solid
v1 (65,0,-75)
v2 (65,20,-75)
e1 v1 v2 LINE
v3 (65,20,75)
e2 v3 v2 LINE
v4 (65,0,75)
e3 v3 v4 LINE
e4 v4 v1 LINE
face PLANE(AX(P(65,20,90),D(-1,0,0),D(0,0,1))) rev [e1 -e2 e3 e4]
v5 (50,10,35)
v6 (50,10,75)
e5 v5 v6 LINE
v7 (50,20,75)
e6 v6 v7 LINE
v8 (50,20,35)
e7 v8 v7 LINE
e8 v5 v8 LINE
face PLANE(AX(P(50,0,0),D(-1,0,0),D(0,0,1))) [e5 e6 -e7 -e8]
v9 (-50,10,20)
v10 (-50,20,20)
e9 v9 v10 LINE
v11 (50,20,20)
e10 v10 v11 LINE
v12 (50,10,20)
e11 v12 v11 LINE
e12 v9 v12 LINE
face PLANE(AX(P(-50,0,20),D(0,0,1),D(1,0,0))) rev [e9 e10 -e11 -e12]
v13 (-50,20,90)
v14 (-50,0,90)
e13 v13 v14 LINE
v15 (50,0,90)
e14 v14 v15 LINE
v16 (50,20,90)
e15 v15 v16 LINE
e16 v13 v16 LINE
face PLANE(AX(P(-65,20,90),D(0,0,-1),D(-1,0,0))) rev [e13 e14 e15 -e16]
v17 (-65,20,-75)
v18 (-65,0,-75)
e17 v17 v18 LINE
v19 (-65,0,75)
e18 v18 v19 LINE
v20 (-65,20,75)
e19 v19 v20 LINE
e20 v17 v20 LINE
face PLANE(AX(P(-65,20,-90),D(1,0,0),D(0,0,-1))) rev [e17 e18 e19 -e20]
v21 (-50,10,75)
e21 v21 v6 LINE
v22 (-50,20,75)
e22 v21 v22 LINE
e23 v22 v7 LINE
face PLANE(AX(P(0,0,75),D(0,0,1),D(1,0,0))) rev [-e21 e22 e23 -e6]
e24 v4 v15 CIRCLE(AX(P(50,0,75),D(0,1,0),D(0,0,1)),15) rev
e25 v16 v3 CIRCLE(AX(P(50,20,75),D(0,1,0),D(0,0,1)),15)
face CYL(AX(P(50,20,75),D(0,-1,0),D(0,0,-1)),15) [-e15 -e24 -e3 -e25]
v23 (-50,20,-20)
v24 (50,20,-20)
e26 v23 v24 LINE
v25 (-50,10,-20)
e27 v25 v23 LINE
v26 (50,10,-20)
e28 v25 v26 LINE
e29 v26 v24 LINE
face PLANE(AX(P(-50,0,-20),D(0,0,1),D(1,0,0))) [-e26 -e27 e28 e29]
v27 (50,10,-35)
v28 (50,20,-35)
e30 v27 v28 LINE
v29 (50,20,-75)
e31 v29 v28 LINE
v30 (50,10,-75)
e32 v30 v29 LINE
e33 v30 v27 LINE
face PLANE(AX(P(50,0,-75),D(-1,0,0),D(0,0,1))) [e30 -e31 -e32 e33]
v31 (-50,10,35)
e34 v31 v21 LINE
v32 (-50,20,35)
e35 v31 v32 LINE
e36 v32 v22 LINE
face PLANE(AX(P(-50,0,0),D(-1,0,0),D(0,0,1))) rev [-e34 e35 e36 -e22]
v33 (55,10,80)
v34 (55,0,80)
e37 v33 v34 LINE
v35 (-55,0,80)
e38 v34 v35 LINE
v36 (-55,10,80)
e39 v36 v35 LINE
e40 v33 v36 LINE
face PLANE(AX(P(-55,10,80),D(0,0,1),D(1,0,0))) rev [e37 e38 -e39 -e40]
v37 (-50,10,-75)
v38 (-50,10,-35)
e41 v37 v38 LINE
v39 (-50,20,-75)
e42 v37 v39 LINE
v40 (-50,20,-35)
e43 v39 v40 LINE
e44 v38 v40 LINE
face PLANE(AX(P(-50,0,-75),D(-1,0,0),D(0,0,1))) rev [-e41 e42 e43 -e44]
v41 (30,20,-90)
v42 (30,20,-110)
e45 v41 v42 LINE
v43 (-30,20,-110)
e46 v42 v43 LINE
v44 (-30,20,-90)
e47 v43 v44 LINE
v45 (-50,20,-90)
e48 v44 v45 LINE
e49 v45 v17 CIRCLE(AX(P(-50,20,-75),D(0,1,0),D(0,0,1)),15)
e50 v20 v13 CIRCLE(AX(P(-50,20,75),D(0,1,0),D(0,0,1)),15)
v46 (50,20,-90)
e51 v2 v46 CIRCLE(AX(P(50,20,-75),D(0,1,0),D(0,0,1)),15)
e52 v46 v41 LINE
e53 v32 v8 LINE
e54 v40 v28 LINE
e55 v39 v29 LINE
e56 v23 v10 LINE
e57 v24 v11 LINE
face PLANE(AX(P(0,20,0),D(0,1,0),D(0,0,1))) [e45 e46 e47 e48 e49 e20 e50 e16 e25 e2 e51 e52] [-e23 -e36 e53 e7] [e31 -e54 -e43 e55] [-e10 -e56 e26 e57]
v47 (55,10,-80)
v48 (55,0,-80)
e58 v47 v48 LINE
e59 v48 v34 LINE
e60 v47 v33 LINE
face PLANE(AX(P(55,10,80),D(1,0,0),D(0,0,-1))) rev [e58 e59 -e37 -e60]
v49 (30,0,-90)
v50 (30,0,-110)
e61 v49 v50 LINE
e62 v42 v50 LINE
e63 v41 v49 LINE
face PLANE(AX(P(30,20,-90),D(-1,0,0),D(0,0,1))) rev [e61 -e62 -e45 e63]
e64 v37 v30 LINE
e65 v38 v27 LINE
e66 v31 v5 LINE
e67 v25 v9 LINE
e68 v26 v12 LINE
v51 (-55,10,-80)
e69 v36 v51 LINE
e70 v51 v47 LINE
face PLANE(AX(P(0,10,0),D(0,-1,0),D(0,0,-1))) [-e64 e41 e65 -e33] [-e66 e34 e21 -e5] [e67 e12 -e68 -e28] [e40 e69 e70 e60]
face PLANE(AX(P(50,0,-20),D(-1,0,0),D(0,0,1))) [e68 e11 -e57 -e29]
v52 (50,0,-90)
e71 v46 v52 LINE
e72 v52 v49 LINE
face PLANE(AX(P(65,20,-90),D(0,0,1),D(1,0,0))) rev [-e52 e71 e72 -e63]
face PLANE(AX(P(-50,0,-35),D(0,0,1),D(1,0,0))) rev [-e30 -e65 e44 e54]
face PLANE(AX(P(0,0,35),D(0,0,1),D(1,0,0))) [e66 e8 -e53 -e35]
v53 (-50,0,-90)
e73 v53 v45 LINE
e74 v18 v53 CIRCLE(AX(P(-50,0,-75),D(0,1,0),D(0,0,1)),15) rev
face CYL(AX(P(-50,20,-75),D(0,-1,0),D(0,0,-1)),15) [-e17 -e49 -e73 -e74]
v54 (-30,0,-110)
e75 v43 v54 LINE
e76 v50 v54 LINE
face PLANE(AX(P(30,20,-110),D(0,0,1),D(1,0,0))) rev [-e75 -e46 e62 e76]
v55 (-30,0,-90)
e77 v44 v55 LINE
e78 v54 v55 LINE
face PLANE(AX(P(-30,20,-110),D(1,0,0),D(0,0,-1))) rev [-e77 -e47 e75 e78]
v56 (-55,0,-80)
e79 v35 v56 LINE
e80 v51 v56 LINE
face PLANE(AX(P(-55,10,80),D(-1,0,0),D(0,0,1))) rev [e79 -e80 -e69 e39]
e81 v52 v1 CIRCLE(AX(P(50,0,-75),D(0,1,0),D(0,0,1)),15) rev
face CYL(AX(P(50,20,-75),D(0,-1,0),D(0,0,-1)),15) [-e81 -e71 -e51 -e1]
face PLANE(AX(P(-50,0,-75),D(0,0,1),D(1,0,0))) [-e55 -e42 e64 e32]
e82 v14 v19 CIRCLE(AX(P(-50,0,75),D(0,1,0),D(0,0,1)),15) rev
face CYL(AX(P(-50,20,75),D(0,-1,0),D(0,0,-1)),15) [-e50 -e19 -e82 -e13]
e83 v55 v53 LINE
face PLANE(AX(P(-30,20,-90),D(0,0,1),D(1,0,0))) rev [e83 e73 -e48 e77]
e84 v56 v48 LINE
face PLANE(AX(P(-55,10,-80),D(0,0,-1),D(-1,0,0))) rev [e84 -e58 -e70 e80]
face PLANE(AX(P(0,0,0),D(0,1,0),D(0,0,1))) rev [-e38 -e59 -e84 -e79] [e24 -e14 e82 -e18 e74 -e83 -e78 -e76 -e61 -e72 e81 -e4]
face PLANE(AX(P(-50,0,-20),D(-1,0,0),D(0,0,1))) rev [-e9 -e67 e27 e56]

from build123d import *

# Parameters (mm, degrees)
EXTRUDE_1_DEPTH     = 20
SKETCH_2_W          = 100
SKETCH_2_H          = 40
CUT_EXTRUDE_1_DEPTH = 20
FILLET_1_R          = 15
SKETCH_3_W          = 110
SKETCH_3_H          = 160
CUT_EXTRUDE_2_DEPTH = 10


with BuildPart() as part:
    # 스케치1 → 보스-돌출1 (new body)
    with BuildSketch(Plane(origin=(0, 0, 0), x_dir=(1, 0, 0), z_dir=(0, 1, 0))):
        Polygon((-65, 90), (-65, -90), (65, -90), (65, 90), (30, 90), (30, 110), (-30, 110), (-30, 90), align=None)
    extrude(amount=EXTRUDE_1_DEPTH)

    # 스케치2 → 컷-돌출1 (cut)
    with BuildSketch(Plane(origin=(0, 20, 0), x_dir=(1, 0, 0), z_dir=(0, 1, 0))):
        with Locations((0, -55)):
            Rectangle(SKETCH_2_W, SKETCH_2_H)
        with Locations((0, 55)):
            Rectangle(SKETCH_2_W, SKETCH_2_H)
        Rectangle(SKETCH_2_W, SKETCH_2_H)
    extrude(amount=-CUT_EXTRUDE_1_DEPTH, mode=Mode.SUBTRACT)

    # 필렛1
    fillet_1_edges = [part.edges().sort_by_distance(p)[0] for p in [
        (65, 10, -90),
        (65, 10, 90),
        (-65, 10, 90),
        (-65, 10, -90),
    ]]
    fillet(fillet_1_edges, radius=FILLET_1_R)

    # 스케치3 → 컷-돌출2 (cut)
    with BuildSketch(Plane.XZ):
        Rectangle(SKETCH_3_W, SKETCH_3_H)
    extrude(amount=-CUT_EXTRUDE_2_DEPTH, mode=Mode.SUBTRACT)


solid = part.part
